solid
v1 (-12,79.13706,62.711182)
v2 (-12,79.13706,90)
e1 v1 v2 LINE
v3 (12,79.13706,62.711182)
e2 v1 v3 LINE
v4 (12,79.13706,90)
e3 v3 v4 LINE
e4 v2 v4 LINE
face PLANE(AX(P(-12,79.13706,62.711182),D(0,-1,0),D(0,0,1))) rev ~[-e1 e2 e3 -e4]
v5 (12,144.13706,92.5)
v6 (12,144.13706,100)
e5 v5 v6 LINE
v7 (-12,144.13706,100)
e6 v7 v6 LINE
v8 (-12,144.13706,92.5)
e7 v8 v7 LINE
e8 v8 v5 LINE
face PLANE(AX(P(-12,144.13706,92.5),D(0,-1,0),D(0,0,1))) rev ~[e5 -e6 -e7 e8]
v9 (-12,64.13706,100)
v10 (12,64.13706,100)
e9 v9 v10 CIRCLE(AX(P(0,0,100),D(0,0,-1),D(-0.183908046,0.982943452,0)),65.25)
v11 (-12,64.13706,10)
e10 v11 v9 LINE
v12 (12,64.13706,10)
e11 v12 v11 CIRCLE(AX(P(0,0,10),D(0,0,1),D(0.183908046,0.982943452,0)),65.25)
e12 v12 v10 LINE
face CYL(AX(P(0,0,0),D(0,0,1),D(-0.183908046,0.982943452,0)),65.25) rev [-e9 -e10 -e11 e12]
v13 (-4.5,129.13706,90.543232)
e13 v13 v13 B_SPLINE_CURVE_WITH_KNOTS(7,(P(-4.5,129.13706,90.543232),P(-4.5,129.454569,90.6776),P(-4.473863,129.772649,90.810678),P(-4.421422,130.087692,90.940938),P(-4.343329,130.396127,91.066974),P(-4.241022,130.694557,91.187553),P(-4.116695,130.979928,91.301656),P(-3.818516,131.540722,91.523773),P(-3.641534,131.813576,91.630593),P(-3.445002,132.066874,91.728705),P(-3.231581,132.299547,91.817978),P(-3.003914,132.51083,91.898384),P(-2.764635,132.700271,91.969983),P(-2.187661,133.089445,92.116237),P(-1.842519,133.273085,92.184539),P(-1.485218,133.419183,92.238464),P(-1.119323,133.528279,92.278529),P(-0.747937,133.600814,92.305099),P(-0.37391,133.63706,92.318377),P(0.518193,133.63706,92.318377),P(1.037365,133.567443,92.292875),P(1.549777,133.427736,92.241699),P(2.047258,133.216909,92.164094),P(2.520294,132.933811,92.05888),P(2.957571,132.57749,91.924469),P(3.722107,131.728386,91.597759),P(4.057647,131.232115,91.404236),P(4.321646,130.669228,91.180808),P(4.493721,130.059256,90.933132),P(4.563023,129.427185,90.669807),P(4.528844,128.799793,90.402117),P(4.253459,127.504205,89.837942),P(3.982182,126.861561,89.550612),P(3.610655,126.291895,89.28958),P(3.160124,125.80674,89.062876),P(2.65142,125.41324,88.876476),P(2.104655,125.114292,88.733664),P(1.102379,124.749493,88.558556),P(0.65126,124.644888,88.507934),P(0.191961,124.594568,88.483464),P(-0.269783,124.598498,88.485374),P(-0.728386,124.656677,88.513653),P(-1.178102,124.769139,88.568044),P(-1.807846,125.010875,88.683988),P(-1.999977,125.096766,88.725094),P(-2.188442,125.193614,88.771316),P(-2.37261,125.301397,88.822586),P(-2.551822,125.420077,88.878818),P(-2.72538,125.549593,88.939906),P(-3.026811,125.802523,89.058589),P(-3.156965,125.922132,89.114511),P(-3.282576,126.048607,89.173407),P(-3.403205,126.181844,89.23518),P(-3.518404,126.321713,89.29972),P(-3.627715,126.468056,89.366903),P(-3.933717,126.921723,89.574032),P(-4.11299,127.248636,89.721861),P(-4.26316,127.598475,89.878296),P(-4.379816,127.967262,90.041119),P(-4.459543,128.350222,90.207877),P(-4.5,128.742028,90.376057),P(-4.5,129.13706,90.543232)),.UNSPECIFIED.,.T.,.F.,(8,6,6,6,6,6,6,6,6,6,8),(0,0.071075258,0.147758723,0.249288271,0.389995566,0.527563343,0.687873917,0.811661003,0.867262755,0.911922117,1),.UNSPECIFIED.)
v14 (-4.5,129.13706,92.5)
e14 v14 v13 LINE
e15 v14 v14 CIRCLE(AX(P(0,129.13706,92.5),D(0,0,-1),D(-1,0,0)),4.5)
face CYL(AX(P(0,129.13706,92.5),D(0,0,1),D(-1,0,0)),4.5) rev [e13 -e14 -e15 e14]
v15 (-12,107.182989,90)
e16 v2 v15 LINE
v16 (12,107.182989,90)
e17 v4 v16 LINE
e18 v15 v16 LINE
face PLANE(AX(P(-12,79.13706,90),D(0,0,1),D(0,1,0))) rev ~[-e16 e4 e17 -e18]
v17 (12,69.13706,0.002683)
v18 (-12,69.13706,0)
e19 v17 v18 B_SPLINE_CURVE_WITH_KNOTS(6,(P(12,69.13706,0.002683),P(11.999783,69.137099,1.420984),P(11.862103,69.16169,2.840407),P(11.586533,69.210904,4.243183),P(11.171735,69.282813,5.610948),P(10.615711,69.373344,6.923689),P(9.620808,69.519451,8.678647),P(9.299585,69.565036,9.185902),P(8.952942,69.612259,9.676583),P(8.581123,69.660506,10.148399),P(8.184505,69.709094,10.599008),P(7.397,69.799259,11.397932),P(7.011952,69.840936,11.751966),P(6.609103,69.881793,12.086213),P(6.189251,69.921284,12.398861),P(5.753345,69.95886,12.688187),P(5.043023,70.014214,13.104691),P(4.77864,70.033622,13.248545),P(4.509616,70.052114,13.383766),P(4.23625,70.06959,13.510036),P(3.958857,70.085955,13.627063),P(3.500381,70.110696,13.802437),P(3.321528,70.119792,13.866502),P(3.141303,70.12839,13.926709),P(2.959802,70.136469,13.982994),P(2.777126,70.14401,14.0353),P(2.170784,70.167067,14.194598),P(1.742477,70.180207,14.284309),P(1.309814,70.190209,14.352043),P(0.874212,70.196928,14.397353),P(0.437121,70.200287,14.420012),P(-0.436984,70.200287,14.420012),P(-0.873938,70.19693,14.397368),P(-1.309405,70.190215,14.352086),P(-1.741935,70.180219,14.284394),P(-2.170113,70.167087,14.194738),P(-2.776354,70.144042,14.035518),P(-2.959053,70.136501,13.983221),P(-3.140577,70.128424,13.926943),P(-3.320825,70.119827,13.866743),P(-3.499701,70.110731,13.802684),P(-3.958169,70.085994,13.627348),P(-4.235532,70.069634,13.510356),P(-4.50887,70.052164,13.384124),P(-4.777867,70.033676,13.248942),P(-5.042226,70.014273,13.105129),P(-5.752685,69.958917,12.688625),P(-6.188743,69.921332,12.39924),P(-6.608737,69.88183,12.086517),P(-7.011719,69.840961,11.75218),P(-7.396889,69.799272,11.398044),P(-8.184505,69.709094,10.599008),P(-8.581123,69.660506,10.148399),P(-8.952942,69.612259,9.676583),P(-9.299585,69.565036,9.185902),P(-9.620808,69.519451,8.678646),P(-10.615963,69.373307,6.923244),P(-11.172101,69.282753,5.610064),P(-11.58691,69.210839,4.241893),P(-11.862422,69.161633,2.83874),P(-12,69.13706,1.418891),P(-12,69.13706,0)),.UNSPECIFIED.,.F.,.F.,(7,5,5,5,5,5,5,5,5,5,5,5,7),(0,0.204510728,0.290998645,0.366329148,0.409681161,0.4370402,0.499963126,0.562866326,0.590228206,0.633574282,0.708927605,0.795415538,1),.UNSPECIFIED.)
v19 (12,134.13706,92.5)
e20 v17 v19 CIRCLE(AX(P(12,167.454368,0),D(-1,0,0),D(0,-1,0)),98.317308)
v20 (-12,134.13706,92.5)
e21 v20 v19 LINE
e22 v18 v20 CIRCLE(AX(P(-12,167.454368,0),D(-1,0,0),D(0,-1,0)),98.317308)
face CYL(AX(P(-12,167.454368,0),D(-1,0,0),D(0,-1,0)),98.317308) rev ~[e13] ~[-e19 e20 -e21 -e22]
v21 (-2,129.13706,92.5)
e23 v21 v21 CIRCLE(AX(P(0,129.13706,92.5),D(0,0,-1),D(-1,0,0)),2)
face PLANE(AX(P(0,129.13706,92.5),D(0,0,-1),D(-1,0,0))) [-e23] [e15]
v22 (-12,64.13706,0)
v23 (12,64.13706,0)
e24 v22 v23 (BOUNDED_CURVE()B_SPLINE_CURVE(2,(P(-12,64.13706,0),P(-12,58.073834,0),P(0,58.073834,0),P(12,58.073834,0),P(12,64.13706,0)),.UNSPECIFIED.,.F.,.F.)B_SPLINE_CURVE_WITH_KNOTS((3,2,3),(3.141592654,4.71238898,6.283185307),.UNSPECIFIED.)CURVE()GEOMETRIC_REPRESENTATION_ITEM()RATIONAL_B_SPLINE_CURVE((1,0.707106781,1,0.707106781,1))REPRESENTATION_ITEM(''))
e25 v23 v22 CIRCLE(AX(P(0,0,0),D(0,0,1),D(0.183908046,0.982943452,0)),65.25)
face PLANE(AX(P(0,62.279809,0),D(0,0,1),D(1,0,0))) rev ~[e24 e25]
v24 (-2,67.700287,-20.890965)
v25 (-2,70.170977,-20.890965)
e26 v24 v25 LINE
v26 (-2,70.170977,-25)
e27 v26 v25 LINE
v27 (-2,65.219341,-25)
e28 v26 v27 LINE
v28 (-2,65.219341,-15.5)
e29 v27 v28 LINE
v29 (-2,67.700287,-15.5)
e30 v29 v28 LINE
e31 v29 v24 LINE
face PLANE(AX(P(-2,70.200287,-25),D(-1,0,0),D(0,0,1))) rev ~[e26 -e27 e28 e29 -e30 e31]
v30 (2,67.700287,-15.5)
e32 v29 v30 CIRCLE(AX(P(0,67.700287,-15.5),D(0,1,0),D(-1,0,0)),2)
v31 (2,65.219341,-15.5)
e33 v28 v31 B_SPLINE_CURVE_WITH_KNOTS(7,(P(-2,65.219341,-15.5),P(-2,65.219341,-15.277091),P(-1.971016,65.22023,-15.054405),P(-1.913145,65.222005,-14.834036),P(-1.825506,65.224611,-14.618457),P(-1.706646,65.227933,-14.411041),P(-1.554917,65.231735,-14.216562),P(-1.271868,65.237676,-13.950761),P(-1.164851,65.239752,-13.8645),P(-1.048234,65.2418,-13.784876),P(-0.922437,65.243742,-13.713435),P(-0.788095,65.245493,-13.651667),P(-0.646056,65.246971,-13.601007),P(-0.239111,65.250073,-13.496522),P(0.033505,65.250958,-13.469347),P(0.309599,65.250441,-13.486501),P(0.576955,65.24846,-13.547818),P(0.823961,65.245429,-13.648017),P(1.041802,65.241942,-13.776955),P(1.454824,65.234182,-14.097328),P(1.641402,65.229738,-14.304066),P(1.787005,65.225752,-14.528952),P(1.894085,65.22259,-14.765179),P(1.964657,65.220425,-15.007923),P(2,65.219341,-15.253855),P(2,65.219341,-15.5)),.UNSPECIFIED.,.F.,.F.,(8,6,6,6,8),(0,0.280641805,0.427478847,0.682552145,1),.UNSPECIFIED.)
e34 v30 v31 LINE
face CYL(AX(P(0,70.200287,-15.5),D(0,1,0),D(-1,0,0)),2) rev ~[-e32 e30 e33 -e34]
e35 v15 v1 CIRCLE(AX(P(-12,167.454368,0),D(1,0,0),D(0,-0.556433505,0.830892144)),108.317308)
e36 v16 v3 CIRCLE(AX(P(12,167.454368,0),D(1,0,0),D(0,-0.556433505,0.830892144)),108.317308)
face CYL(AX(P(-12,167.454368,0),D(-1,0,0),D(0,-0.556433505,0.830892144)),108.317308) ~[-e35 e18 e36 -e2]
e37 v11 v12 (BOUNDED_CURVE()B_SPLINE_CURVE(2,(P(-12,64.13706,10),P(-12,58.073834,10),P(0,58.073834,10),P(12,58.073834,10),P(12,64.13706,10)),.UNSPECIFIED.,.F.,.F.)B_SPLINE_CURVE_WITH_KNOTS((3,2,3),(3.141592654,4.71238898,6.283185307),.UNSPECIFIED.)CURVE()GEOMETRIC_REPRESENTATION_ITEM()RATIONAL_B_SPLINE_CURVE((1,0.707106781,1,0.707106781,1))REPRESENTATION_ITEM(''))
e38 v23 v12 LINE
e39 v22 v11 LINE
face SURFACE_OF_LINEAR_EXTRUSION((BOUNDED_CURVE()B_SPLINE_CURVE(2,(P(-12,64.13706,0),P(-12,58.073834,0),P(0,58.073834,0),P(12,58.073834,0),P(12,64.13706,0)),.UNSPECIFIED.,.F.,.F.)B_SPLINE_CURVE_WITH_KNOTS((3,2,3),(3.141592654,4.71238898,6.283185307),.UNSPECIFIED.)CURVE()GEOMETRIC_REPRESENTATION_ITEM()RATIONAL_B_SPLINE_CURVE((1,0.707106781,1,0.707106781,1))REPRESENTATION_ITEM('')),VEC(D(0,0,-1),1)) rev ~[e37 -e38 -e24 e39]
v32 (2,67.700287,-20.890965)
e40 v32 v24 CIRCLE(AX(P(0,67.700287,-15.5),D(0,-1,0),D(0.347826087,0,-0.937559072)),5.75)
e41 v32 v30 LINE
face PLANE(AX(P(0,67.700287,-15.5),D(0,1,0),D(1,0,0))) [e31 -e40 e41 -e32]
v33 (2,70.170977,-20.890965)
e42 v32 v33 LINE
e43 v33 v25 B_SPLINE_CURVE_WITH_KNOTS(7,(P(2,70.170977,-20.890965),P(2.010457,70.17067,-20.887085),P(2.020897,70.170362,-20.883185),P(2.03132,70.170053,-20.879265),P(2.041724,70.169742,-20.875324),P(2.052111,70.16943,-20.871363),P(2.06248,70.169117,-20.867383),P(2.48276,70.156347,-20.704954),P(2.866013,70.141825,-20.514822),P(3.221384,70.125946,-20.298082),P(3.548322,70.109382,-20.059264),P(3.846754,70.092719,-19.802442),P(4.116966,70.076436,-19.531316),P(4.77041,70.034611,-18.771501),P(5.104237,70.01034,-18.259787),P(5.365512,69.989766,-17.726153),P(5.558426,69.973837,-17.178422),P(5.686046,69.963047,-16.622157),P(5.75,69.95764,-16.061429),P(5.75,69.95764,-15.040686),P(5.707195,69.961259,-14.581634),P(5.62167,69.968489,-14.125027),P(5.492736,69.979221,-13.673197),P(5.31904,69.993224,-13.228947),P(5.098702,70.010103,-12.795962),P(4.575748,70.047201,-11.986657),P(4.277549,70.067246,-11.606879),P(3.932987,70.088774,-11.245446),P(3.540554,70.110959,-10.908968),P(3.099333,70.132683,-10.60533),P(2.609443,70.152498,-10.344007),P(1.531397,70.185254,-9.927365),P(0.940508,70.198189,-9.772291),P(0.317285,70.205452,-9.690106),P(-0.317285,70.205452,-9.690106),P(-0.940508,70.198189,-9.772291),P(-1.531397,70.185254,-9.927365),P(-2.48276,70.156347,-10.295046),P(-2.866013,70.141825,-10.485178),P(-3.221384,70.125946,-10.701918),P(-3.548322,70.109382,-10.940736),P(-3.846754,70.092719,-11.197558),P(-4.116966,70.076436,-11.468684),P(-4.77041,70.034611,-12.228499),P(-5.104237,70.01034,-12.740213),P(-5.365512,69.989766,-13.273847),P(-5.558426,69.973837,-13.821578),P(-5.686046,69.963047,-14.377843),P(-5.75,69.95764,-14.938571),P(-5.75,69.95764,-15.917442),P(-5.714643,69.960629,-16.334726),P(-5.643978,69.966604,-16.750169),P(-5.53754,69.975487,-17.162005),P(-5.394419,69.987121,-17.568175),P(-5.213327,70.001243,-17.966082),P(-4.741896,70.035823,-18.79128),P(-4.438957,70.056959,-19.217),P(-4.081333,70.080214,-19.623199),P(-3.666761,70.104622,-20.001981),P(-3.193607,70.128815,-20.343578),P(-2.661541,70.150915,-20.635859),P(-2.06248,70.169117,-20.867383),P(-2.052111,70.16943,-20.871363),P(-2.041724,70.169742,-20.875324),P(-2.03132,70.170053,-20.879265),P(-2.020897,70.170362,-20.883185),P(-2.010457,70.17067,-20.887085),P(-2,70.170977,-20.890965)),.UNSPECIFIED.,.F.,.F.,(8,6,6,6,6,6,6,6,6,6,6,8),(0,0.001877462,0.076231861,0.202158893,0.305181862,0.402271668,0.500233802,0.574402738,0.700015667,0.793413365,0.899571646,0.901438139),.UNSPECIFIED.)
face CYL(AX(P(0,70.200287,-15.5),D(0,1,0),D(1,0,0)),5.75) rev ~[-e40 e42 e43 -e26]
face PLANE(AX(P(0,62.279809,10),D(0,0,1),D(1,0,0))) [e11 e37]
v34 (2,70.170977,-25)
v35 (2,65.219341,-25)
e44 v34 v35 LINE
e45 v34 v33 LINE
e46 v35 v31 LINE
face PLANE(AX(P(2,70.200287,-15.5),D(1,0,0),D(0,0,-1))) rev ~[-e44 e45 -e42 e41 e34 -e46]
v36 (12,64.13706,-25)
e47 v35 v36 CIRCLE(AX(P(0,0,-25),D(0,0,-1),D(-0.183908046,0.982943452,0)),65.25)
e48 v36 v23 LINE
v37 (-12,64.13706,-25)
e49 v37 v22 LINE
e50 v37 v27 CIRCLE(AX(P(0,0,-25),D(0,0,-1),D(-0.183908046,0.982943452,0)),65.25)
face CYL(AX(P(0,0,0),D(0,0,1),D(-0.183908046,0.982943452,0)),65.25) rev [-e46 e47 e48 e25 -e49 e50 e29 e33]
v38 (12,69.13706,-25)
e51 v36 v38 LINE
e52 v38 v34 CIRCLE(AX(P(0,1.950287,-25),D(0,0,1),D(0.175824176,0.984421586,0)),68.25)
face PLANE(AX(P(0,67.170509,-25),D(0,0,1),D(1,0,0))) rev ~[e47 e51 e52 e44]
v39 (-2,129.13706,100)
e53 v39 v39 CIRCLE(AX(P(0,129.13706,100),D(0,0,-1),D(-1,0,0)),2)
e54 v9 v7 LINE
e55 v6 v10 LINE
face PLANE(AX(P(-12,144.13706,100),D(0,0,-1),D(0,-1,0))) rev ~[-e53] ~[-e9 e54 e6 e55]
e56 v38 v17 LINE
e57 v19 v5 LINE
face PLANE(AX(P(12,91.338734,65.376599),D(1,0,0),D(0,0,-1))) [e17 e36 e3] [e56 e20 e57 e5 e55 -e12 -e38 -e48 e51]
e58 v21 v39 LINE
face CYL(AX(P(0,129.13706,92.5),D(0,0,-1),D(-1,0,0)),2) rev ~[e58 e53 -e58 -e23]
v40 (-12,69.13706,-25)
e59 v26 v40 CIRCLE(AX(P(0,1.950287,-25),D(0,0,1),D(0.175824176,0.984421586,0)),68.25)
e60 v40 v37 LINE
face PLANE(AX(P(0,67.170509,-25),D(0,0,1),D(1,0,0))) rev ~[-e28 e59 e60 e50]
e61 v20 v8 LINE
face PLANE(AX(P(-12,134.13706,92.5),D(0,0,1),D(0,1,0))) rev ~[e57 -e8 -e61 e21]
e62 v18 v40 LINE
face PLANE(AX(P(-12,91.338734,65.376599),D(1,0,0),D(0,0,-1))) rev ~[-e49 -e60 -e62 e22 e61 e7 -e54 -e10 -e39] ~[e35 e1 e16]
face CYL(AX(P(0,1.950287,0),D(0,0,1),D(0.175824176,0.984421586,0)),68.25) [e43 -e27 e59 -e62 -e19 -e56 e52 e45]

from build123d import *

# Parameters (mm, degrees)
BOSS_EXTRUDE1_DEPTH      = 100
BOSS_EXTRUDE1_DEPTH_BACK = 25
BOSS_EXTRUDE2_DEPTH      = 10
BOSS_EXTRUDE4_DEPTH      = 24
CUT_EXTRUDE3_DEPTH       = 74.936773252
CUT_EXTRUDE3_DEPTH_BACK  = 13.126453596
SKETCH9_R                = 5.75
CUT_EXTRUDE4_DEPTH       = 2.5
SKETCH10_R               = 2
CUT_EXTRUDE5_DEPTH       = 118.5000001
CUT_EXTRUDE5_DEPTH_BACK  = 8.5
SKETCH11_R               = 4.5
CUT_EXTRUDE6_DEPTH       = 118.5000001


with BuildPart() as part:
    # Sketch1 → Boss-Extrude1 (new body, two sides)
    with BuildSketch(Plane.XY) as boss_extrude1_sk:
        with BuildLine():
            Line((-12, 69.137060269), (-12, 64.137060269))
            ThreePointArc((-12, 64.137060269), (0, 65.25), (12, 64.137060269))
            Line((12, 64.137060269), (12, 69.137060269))
            ThreePointArc((12, 69.137060269), (0, 70.200287018), (-12, 69.137060269))
        make_face()
    extrude(amount=BOSS_EXTRUDE1_DEPTH)
    extrude(boss_extrude1_sk.sketch, amount=-BOSS_EXTRUDE1_DEPTH_BACK)

    # Sketch2 → Boss-Extrude2 (add)
    with BuildSketch(Plane.XY):
        with BuildLine():
            ThreePointArc((12, 64.137060269), (0, 65.25), (-12, 64.137060269))
            add(Edge.make_bspline(
                [(-12, 64.137060269), (-12, 58.073833521), (0, 58.073833521), (12, 58.073833521), (12, 64.137060269)],
                knots=[3.141592654, 3.141592654, 3.141592654, 4.71238898, 4.71238898, 6.283185307, 6.283185307, 6.283185307], degree=2, weights=[1, 0.707106781, 1, 0.707106781, 1]))
        make_face()
    extrude(amount=BOSS_EXTRUDE2_DEPTH)

    # Sketch3 → Boss-Extrude4 (add)
    with BuildSketch(Plane.ZY.offset(12)):
        with BuildLine():
            Line((92.5, 134.137060269), (92.5, 144.137060269))
            Line((92.5, 144.137060269), (100, 144.137060269))
            Line((100, 144.137060269), (100, 69.137060269))
            Line((100, 69.137060269), (0, 69.137060269))
            ThreePointArc((0, 69.137060269), (56.527095273, 87.01196315), (92.5, 134.137060269))
        make_face()
        with BuildLine():
            Line((90, 79.137060269), (90, 107.182988803))
            ThreePointArc((90, 107.182988803), (77.632594826, 91.917493745), (62.71118168, 79.137060269))
            Line((62.71118168, 79.137060269), (90, 79.137060269))
        make_face(mode=Mode.SUBTRACT)
    extrude(amount=-BOSS_EXTRUDE4_DEPTH)

    # Sketch8 → Cut-Extrude3 (cut, two sides)
    with BuildSketch(Plane(origin=(0, 70.200287018, -25), x_dir=(1, 0, 0), z_dir=(0, 1, 0))) as cut_extrude3_sk:
        with BuildLine():
            Line((2, -9.5), (2, 0))
            Line((2, 0), (-2, 0))
            Line((-2, 0), (-2, -9.5))
            ThreePointArc((-2, -9.5), (0, -11.5), (2, -9.5))
        make_face()
    extrude(amount=CUT_EXTRUDE3_DEPTH, mode=Mode.SUBTRACT)
    extrude(cut_extrude3_sk.sketch, amount=-CUT_EXTRUDE3_DEPTH_BACK, mode=Mode.SUBTRACT)

    # Sketch9 → Cut-Extrude4 (cut)
    with BuildSketch(Plane(origin=(0, 70.200287018, -25), x_dir=(1, 0, 0), z_dir=(0, 1, 0))):
        with Locations((0, -9.5)):
            Circle(SKETCH9_R)
    extrude(amount=-CUT_EXTRUDE4_DEPTH, mode=Mode.SUBTRACT)

    # Sketch10 → Cut-Extrude5 (cut, two sides)
    with BuildSketch(Plane(origin=(0, 0, 92.5), x_dir=(-1, 0, 0), z_dir=(0, 0, -1))) as cut_extrude5_sk:
        with Locations((0, 129.137060269)):
            Circle(SKETCH10_R)
    extrude(amount=CUT_EXTRUDE5_DEPTH, mode=Mode.SUBTRACT)
    extrude(cut_extrude5_sk.sketch, amount=-CUT_EXTRUDE5_DEPTH_BACK, mode=Mode.SUBTRACT)

    # Sketch11 → Cut-Extrude6 (cut, through all)
    with BuildSketch(Plane(origin=(0, 0, 92.5), x_dir=(-1, 0, 0), z_dir=(0, 0, -1))):
        with Locations((0, 129.137060269)):
            Circle(SKETCH11_R)
    extrude(amount=CUT_EXTRUDE6_DEPTH, mode=Mode.SUBTRACT)


solid = part.part
